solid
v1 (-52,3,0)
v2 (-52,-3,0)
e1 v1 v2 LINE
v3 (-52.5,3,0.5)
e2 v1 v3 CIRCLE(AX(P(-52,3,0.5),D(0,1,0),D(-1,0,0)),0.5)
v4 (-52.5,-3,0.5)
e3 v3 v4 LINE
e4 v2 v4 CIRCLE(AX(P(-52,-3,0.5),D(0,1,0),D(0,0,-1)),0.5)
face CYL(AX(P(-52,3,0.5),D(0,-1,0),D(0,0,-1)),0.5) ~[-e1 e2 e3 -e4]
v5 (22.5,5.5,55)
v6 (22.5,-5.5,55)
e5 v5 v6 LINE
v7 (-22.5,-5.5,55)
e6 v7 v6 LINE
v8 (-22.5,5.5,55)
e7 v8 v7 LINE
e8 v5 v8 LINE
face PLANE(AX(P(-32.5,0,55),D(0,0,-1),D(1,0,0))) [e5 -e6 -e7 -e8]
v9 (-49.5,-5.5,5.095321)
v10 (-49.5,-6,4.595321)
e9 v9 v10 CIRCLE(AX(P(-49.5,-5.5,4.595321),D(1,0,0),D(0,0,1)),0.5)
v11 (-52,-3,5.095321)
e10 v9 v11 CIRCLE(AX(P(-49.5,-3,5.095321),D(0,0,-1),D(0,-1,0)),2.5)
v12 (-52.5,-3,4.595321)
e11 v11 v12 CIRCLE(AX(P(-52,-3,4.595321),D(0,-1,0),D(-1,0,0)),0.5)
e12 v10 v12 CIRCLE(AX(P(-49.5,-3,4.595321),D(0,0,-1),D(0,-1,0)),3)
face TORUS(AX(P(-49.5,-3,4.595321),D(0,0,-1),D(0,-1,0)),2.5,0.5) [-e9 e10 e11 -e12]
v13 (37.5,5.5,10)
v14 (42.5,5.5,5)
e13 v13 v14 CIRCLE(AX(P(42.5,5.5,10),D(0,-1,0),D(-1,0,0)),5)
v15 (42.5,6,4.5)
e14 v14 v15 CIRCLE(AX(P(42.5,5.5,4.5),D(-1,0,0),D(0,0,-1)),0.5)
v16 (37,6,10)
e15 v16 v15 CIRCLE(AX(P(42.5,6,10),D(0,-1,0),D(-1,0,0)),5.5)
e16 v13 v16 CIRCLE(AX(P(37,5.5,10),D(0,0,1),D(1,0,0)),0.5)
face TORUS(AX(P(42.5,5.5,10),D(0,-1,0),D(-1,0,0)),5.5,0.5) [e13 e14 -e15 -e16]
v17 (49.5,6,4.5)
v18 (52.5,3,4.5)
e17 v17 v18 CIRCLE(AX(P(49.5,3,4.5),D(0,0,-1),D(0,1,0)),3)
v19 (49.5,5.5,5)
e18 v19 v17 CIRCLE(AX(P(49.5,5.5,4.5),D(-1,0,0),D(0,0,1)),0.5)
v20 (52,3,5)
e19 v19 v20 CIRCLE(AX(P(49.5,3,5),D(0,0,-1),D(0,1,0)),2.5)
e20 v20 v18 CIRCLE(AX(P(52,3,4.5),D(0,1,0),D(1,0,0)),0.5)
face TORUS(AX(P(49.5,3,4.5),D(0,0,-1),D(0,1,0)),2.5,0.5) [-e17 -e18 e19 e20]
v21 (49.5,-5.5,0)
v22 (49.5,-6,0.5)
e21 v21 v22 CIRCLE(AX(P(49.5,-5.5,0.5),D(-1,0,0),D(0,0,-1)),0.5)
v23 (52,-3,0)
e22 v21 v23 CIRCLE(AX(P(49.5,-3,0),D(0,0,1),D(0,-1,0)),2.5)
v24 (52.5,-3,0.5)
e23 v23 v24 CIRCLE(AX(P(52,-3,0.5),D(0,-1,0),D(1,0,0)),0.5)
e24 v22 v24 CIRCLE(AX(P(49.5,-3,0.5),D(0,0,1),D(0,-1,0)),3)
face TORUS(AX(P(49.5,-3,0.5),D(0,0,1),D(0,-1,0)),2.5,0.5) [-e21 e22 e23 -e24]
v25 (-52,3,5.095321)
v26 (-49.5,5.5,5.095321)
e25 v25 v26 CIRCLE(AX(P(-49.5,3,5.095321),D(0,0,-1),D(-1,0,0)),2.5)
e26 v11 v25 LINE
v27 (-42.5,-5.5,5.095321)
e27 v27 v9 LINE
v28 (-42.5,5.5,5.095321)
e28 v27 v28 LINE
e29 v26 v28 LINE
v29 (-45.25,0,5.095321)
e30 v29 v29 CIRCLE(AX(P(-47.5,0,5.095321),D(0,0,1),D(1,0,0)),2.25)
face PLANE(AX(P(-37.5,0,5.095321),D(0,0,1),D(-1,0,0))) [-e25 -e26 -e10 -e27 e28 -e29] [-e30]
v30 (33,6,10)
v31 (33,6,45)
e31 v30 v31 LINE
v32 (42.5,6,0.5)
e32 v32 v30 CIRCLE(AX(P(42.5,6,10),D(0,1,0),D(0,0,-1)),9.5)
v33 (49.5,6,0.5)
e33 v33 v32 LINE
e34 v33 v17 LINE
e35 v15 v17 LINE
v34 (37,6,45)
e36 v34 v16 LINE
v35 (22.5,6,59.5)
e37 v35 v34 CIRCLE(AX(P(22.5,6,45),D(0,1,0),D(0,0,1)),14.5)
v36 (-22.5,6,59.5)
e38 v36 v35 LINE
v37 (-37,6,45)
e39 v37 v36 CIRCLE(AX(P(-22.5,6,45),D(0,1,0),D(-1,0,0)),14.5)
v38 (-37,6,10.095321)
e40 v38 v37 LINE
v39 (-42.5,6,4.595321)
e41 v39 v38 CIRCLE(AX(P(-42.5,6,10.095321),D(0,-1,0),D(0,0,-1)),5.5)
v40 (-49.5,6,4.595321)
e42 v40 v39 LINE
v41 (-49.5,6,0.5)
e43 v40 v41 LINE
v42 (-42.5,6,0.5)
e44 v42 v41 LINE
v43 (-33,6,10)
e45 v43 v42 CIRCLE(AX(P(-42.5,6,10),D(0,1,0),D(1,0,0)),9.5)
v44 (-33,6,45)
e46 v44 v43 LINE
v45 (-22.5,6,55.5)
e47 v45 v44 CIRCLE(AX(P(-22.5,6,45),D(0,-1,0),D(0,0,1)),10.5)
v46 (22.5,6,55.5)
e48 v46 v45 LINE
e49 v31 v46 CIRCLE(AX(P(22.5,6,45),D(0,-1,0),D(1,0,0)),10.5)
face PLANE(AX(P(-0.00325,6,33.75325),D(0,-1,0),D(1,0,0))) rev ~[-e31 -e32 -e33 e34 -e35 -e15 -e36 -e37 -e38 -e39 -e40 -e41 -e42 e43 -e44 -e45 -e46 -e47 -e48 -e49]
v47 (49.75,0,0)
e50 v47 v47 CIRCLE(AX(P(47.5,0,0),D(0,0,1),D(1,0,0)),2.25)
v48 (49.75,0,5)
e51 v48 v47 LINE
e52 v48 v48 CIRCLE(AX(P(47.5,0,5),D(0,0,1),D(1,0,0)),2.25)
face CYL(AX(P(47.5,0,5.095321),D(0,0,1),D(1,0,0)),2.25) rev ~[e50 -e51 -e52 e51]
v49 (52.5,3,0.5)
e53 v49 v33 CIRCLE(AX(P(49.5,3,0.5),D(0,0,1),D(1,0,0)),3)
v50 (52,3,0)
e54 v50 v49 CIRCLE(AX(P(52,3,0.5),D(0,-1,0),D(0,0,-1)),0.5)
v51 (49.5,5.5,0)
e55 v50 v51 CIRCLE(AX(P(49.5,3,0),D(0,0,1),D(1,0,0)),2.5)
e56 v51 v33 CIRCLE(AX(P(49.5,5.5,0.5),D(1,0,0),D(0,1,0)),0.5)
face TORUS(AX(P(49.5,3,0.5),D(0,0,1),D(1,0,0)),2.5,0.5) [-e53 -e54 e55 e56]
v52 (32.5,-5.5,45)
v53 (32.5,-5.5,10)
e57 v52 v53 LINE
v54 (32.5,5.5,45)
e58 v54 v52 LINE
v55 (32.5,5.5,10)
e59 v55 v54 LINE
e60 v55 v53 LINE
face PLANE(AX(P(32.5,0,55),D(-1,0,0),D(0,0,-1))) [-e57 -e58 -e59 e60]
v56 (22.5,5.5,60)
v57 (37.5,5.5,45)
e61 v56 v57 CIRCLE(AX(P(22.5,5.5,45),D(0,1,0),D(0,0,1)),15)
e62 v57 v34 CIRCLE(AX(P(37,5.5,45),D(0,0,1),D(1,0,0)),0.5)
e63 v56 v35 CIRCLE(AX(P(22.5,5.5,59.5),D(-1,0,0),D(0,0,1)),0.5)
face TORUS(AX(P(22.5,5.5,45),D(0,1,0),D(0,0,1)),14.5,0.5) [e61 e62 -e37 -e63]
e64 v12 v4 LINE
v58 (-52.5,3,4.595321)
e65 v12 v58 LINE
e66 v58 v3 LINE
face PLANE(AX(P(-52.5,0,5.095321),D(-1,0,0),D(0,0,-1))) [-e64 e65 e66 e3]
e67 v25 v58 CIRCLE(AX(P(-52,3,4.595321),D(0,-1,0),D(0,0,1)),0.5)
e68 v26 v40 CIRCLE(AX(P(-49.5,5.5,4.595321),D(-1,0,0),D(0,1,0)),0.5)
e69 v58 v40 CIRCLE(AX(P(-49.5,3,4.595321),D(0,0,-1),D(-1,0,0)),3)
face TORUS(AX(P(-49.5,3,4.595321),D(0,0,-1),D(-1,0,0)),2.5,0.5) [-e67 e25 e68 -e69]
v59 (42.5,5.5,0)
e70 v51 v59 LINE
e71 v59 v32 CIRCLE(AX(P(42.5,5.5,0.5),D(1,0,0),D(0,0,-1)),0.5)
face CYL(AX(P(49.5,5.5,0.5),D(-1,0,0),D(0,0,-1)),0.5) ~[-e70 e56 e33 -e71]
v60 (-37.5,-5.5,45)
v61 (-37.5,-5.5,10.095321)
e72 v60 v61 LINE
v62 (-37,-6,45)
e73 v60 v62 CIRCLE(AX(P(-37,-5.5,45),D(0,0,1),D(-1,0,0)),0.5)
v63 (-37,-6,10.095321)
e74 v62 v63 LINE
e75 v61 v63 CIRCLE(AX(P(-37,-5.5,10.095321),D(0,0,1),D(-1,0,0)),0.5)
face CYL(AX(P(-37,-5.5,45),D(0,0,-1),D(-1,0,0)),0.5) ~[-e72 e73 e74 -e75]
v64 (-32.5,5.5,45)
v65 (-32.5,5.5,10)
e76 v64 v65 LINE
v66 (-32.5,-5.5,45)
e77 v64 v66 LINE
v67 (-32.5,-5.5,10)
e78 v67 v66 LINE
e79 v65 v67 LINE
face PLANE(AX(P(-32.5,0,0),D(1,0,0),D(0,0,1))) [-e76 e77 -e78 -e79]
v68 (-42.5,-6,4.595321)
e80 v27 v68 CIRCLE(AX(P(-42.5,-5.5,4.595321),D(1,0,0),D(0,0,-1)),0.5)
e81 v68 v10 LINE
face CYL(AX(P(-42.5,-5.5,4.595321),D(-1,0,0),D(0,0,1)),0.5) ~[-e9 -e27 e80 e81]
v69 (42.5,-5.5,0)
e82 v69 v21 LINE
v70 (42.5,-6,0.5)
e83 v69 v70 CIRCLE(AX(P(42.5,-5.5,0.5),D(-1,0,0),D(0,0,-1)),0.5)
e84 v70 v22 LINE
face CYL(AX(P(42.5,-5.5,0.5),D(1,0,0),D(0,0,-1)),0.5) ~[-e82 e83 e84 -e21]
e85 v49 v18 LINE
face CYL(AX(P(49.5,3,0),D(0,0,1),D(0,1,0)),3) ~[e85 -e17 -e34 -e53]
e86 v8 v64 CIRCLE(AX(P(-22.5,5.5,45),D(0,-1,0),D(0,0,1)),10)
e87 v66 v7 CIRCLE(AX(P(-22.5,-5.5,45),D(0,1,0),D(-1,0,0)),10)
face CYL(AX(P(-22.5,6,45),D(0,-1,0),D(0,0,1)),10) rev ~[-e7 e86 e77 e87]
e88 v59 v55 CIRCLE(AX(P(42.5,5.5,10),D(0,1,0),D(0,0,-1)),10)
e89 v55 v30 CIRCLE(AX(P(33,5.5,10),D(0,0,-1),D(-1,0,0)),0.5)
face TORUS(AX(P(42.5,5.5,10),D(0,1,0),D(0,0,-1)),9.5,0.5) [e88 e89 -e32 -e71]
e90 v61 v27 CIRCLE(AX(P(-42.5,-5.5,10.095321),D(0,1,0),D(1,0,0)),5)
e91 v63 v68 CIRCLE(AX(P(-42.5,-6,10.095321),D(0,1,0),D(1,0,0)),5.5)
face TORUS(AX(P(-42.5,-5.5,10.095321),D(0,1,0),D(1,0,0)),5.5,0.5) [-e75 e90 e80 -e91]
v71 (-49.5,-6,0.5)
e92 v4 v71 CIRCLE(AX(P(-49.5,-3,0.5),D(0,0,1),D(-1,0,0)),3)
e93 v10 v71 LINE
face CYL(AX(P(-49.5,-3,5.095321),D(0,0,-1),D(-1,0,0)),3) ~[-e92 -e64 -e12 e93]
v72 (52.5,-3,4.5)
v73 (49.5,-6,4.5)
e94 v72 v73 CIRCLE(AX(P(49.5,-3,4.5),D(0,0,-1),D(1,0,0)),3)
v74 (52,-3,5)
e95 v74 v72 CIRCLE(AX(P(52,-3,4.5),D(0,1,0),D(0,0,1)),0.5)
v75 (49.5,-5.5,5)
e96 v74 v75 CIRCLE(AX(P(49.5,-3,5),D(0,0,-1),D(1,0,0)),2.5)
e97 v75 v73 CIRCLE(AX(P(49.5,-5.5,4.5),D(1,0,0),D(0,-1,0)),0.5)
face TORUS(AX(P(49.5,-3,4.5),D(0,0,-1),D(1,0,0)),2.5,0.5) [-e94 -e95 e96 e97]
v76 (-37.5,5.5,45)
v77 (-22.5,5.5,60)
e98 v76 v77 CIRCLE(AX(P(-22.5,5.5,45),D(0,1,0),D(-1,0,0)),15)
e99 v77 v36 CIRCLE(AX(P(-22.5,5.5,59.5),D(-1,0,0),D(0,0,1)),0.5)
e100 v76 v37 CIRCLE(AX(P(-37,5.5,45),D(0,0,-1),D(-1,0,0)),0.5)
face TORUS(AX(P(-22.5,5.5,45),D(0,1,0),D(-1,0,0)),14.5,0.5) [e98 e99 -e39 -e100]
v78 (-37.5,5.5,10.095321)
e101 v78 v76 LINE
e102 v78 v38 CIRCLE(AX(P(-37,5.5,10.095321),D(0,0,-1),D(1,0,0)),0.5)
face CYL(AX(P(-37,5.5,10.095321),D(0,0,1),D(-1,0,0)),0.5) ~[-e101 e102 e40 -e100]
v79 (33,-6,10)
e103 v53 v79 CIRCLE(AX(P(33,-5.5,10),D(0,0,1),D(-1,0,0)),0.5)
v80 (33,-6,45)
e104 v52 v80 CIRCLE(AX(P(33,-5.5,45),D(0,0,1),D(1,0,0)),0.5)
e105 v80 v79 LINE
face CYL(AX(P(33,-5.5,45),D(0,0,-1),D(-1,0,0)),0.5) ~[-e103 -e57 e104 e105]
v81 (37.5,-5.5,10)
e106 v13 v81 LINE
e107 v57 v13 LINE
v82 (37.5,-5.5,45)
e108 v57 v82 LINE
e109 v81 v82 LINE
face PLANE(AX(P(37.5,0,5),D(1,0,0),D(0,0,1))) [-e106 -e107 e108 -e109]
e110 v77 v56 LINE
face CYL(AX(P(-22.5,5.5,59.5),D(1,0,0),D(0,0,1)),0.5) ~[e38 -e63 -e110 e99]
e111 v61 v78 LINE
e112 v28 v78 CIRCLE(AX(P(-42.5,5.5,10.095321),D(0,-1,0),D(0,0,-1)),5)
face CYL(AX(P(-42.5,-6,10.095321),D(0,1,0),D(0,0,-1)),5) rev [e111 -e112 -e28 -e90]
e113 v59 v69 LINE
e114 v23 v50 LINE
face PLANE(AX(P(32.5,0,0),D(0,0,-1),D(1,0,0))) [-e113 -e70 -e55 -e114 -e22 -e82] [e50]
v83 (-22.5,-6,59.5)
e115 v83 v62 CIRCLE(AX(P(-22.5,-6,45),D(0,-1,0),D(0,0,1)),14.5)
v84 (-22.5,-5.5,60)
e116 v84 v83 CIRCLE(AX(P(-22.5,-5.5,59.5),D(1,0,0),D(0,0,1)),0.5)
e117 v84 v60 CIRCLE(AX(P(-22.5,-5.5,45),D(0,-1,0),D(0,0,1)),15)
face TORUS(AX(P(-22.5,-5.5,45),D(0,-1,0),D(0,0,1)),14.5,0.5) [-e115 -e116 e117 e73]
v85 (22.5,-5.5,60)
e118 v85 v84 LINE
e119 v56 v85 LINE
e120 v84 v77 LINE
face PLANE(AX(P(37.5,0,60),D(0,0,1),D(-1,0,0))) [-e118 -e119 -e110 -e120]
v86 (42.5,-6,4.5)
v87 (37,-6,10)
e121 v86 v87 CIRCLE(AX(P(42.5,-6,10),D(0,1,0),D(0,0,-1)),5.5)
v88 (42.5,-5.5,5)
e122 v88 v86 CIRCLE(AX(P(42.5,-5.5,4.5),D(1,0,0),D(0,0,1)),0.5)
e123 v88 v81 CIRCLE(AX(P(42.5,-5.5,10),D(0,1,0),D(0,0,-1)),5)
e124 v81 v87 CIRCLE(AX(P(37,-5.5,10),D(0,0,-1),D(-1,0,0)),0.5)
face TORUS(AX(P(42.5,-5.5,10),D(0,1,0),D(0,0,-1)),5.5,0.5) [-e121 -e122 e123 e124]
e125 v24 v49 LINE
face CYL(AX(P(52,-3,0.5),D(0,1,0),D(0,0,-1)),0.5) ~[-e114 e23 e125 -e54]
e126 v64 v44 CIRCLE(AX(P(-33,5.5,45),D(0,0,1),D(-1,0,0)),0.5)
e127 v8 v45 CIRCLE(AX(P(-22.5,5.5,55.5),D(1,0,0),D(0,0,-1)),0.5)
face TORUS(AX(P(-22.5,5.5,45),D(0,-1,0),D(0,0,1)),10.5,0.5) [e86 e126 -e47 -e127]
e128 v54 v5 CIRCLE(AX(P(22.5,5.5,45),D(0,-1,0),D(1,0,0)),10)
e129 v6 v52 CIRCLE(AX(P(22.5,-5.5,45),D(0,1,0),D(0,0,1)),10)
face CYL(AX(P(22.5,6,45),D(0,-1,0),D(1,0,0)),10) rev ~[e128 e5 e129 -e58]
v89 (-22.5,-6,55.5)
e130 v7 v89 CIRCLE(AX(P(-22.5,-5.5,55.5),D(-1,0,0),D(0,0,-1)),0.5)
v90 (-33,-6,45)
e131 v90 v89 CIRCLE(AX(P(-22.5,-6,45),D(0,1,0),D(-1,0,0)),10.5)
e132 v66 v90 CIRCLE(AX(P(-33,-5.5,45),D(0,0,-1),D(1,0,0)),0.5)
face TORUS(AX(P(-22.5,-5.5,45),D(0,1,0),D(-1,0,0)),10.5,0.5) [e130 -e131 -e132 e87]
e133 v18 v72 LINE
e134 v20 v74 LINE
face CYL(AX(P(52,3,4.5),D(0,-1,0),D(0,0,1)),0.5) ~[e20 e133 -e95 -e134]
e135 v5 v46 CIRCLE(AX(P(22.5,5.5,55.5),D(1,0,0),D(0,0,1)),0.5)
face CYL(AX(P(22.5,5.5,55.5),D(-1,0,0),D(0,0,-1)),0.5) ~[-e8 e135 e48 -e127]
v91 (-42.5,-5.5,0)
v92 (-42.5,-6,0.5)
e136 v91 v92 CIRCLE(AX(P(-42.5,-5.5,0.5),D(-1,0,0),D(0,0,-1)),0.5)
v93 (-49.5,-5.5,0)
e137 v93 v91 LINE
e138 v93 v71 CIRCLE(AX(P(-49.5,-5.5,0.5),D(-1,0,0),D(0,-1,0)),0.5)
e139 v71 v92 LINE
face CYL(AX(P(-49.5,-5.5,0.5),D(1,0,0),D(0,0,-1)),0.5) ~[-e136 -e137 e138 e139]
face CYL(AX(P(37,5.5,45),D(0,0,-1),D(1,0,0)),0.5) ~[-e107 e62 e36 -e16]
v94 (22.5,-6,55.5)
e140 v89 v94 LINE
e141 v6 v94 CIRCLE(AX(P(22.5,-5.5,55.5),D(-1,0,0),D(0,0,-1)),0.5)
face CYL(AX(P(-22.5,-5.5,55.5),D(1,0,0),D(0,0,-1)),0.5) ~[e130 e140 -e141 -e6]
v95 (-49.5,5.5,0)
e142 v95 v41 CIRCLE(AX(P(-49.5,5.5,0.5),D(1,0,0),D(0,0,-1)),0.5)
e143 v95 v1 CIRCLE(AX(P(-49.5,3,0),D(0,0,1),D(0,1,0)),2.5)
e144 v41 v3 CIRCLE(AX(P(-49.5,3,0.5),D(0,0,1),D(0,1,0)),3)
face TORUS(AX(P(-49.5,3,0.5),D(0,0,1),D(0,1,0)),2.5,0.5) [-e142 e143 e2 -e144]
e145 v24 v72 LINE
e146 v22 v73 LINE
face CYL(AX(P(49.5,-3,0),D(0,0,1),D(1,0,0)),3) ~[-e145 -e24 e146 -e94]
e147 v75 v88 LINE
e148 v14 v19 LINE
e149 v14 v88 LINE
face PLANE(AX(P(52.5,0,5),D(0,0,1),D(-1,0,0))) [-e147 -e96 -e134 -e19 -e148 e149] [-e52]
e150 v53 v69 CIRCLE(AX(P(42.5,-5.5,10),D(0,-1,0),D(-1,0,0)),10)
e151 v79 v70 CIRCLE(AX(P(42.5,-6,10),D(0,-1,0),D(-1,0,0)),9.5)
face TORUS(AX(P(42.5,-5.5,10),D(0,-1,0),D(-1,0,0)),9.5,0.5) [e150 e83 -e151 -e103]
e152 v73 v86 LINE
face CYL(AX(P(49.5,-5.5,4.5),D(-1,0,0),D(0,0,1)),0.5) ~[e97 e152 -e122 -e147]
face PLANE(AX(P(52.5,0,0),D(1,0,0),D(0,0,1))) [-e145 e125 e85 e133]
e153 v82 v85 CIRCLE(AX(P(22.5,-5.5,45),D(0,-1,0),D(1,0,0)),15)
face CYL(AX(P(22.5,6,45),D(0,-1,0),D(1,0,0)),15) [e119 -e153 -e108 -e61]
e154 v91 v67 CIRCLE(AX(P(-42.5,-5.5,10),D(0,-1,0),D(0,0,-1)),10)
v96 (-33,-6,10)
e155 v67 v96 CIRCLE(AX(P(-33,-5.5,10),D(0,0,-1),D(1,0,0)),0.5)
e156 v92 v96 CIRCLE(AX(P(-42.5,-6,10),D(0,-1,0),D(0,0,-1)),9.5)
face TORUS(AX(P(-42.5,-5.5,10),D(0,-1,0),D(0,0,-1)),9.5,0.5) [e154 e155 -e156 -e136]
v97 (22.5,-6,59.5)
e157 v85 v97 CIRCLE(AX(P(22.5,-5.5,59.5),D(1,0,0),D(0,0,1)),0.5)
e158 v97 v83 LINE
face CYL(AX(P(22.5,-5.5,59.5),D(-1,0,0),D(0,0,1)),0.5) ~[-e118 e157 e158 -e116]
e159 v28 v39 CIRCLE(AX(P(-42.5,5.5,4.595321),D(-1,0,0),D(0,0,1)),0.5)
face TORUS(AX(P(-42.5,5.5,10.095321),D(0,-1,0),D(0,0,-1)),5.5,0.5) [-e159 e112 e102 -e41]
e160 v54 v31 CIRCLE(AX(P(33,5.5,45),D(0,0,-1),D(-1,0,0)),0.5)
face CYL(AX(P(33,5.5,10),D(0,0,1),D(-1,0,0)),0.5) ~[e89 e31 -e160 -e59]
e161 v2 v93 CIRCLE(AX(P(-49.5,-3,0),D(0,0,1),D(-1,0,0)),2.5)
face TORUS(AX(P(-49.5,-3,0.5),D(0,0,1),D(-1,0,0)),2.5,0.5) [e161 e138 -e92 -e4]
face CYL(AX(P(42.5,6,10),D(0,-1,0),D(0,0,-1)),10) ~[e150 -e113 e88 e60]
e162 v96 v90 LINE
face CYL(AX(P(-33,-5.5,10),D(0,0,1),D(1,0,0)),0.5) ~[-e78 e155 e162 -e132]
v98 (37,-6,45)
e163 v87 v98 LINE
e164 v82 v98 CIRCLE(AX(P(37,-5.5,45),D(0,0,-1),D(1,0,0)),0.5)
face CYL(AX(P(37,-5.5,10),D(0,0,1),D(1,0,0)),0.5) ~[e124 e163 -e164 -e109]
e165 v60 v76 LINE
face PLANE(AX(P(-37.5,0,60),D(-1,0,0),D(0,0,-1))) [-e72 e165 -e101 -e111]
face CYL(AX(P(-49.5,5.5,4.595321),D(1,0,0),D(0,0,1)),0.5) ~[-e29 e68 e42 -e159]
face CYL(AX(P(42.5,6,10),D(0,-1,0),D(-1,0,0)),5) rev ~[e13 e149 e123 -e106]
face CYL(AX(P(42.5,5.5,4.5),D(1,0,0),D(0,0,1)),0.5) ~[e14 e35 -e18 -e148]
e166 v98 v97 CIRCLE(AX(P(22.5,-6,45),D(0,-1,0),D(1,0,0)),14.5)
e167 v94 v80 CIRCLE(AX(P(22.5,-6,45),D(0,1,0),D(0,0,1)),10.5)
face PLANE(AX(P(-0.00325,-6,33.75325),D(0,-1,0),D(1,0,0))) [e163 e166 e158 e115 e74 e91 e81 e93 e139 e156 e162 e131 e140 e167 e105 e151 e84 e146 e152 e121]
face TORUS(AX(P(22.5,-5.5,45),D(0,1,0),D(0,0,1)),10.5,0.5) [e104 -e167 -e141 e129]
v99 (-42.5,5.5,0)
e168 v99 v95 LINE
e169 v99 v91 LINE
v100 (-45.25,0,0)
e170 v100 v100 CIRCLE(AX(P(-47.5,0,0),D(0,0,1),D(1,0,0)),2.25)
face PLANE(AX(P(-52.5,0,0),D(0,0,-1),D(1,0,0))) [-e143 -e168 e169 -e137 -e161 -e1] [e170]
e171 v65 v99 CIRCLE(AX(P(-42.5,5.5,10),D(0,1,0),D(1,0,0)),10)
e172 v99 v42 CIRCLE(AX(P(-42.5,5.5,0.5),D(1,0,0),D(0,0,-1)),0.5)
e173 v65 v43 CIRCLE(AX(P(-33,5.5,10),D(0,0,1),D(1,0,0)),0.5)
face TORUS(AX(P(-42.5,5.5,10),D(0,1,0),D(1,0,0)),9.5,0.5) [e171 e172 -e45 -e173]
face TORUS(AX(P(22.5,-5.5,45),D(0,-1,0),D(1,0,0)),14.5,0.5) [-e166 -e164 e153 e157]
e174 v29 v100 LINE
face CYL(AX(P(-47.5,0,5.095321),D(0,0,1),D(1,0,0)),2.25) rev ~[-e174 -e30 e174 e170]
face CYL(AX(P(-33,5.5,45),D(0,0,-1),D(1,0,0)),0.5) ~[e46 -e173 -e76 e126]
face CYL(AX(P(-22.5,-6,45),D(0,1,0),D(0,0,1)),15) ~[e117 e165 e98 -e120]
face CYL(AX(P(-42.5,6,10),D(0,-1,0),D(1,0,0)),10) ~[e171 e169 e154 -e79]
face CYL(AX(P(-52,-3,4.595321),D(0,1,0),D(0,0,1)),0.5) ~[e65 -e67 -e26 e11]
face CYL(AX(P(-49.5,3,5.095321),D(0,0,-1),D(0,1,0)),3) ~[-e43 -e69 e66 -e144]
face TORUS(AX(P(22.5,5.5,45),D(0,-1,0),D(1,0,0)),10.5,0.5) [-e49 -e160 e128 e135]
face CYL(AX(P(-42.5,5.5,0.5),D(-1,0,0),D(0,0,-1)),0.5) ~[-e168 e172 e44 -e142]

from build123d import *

# Parameters (mm, degrees)
F1_DEPTH = 6
F2_R     = 5
F3_R     = 10
F4_R     = 10
F5_R     = 15
F6_R     = 2.25
F7_DEPTH = 5.096321
F8_R     = 3
F9_R     = 0.5


with BuildPart() as f1:
    # F0 (on Front) → F1 (new body, symmetric)
    with BuildSketch(Plane.XZ):
        Polygon((-52.5, 5.095321), (-52.5, 0), (-32.5, 0), (-32.5, 55), (32.5, 55), (32.5, 0), (52.5, 0), (52.5, 5), (37.5, 5), (37.5, 60), (-37.5, 60), (-37.5, 5.095321), align=None)
    extrude(amount=F1_DEPTH, both=True)

    # F2
    f2_edges = [f1.edges().sort_by_distance(p)[0] for p in [
        (37.5, 0, 5),
        (-37.5, 0, 5.095321),
    ]]
    fillet(f2_edges, radius=F2_R)

    # F3
    f3_edges = [f1.edges().sort_by_distance(p)[0] for p in [
        (-32.5, 0, 0),
        (32.5, 0, 0),
    ]]
    fillet(f3_edges, radius=F3_R)

    # F4
    f4_edges = [f1.edges().sort_by_distance(p)[0] for p in [
        (-32.5, 0, 55),
        (32.5, 0, 55),
    ]]
    fillet(f4_edges, radius=F4_R)

    # F5
    f5_edges = [f1.edges().sort_by_distance(p)[0] for p in [
        (-37.5, 0, 60),
        (37.5, 0, 60),
    ]]
    fillet(f5_edges, radius=F5_R)

    # F6 (on face) → F7 (cut, through all)
    with BuildSketch(Plane.XY.offset(5.095321)):
        with Locations((-47.5, 0)):
            Circle(F6_R)
        with Locations((47.5, 0)):
            Circle(F6_R)
    extrude(amount=-F7_DEPTH, mode=Mode.SUBTRACT)

    # F8
    f8_edges = [f1.edges().sort_by_distance(p)[0] for p in [
        (-52.5, -6, 2.54766),
        (-52.5, 6, 2.54766),
        (52.5, 6, 2.5),
        (52.5, -6, 2.5),
    ]]
    fillet(f8_edges, radius=F8_R)

    # F9
    f9_edges = [f1.edges().sort_by_distance(p)[0] for p in [
        (0, -6, 60),
        (0, -6, 55),
    ]]
    fillet(f9_edges, radius=F9_R)


solid = f1.part
